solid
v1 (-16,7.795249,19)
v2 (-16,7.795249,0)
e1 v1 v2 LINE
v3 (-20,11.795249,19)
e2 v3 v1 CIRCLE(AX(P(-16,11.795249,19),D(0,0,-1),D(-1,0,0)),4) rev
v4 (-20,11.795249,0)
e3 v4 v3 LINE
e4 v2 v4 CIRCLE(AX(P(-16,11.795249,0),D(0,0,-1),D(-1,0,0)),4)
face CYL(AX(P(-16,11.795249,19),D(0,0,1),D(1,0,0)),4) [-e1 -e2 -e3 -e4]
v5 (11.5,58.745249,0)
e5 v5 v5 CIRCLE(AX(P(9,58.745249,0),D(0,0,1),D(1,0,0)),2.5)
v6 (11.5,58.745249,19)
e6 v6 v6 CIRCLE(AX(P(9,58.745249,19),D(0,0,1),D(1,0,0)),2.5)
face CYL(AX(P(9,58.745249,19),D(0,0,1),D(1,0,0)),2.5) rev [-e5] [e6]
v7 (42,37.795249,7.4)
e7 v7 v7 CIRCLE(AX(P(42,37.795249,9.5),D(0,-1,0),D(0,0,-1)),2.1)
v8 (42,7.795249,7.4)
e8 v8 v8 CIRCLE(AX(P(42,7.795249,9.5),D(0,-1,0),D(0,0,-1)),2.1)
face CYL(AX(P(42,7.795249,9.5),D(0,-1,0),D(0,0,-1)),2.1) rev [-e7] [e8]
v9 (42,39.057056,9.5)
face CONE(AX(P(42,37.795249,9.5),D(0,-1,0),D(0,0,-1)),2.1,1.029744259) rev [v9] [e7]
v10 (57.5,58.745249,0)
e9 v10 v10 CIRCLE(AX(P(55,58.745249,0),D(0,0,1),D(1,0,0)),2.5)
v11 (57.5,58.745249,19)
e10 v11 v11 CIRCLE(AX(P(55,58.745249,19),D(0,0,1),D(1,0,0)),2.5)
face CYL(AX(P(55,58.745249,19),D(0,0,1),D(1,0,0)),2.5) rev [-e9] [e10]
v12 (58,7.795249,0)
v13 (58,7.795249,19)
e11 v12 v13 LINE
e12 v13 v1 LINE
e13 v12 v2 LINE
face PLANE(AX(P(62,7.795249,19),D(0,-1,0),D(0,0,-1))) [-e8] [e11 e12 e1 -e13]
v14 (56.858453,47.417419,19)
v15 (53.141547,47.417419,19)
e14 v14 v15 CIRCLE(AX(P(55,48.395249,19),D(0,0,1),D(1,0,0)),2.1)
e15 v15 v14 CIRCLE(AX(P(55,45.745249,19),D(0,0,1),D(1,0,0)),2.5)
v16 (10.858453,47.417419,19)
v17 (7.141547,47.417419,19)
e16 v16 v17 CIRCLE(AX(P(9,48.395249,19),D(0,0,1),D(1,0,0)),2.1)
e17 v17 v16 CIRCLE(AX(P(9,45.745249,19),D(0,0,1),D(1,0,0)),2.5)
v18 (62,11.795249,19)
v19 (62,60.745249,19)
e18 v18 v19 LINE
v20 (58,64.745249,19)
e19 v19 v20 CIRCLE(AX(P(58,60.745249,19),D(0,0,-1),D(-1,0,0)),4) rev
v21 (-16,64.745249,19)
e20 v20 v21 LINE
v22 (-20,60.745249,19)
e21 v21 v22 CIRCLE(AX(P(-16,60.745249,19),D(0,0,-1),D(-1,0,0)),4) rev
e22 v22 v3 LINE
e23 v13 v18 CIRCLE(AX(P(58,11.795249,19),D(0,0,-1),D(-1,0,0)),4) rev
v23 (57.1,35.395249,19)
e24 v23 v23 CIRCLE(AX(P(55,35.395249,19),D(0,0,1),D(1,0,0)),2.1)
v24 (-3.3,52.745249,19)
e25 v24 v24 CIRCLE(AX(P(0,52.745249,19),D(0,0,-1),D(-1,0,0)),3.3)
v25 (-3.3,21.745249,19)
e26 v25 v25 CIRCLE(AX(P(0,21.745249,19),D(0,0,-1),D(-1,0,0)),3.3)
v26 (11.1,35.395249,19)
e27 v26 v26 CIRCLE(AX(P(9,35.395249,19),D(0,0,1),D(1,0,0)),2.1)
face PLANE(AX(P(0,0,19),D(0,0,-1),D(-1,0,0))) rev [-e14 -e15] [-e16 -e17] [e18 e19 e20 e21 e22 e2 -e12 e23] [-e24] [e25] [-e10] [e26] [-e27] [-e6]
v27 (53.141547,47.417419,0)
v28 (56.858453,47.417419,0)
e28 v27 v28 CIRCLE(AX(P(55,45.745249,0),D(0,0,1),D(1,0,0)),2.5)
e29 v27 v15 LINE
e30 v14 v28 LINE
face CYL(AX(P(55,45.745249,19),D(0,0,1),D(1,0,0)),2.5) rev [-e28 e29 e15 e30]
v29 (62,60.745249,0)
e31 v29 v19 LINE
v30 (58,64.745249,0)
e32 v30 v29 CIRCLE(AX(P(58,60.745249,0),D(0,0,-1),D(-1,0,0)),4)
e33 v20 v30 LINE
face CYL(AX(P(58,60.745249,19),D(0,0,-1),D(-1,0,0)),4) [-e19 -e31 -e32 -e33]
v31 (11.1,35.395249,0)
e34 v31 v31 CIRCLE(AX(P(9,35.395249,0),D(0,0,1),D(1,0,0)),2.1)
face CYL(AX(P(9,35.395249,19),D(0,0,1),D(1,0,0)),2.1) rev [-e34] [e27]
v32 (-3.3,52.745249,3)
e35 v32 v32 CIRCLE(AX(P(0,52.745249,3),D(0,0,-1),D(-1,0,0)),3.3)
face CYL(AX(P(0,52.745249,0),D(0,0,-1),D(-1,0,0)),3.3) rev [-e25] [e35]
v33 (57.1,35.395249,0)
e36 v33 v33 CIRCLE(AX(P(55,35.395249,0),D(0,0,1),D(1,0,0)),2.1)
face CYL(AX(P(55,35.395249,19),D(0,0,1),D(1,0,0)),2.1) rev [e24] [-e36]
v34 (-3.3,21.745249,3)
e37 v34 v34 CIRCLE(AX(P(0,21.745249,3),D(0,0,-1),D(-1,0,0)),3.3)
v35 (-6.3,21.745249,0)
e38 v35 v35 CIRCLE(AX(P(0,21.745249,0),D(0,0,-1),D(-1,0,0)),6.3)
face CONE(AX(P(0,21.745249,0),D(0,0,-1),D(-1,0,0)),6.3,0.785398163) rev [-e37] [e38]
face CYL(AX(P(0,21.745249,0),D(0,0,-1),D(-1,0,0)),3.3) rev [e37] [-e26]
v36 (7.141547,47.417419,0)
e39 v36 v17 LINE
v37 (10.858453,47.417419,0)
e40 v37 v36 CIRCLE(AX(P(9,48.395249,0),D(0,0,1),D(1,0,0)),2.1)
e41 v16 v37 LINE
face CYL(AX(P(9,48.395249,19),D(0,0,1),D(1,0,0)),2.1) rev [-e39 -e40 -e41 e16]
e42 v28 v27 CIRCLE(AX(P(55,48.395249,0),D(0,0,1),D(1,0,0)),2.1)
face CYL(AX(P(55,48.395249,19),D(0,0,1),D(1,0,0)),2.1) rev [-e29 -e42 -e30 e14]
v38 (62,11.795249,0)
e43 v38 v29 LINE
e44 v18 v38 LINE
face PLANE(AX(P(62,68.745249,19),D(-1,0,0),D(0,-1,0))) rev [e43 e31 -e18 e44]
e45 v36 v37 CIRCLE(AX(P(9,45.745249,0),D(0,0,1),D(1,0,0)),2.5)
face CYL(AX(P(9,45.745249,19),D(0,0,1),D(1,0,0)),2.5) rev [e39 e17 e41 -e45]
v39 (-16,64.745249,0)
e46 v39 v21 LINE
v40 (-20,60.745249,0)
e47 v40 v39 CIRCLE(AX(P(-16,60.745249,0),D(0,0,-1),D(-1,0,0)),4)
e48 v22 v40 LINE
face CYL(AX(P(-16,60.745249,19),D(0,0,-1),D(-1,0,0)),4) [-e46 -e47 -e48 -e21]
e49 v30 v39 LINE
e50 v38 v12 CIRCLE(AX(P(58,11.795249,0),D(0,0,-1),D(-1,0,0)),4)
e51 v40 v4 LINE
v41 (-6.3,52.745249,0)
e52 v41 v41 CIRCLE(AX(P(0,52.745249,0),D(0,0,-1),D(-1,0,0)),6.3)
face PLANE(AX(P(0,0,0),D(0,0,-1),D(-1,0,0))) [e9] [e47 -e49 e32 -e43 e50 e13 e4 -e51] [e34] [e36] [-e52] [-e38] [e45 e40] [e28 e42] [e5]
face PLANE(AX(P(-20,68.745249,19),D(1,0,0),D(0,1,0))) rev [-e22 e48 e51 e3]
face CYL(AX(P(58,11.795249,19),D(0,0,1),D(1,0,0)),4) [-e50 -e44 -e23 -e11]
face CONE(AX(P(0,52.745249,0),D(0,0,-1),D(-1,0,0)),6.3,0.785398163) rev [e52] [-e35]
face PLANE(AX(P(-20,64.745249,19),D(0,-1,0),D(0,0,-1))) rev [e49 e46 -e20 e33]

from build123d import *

# Parameters (mm, degrees)
SKETCH1_W                                           = 81.999999998
SKETCH1_H                                           = 60
BOSS_EXTRUDE1_DEPTH                                 = 19
TAP_DRILL_FOR_M6_TAP1_D                             = 5
CSK_FOR_M6_COUNTERSUNK_FLAT_HEAD_SCREW1_D           = 6.6
CSK_FOR_M6_COUNTERSUNK_FLAT_HEAD_SCREW1_CSINK_D     = 12.6
CSK_FOR_M6_COUNTERSUNK_FLAT_HEAD_SCREW1_CSINK_ANGLE = 90
SKETCH7_W                                           = 81.999999998
SKETCH7_H                                           = 4
CUT_EXTRUDE1_DEPTH                                  = 20
SKETCH10_W                                          = 81.999999998
SKETCH10_H                                          = 0.95
BOSS_EXTRUDE2_DEPTH                                 = 19
FILLET1_R                                           = 4
TAP_DRILL_FOR_M5_TAP1_D                             = 4.2
TAP_DRILL_FOR_M5_TAP1_DEPTH                         = 30
TAP_DRILL_FOR_M5_TAP1_TIP                           = 1.2618073
TAP_DRILL_FOR_M5_TAP2_D                             = 4.2


with BuildPart() as part:
    # Sketch1 → Boss-Extrude1 (new body)
    with BuildSketch(Plane.XY):
        with Locations((20.999999999, 38.745248777)):
            Rectangle(SKETCH1_W, SKETCH1_H)
    extrude(amount=BOSS_EXTRUDE1_DEPTH)

    # Tap Drill for M6 Tap1 (through all)
    with Locations(Plane.XY.offset(19)):
        with Locations((8.999999998, 58.745248777), (54.999999998, 58.745248777), (54.999999998, 45.745248777), (8.999999998, 45.745248777)):
            Hole(TAP_DRILL_FOR_M6_TAP1_D / 2)

    # CSK for M6 Countersunk Flat Head Screw1 (through all)
    with Locations(Plane(origin=(0, 0, 0), x_dir=(1, 0, 0), z_dir=(0, 0, -1))):
        with Locations((0, -21.745248777), (0, -52.745248777)):
            CounterSinkHole(CSK_FOR_M6_COUNTERSUNK_FLAT_HEAD_SCREW1_D / 2, CSK_FOR_M6_COUNTERSUNK_FLAT_HEAD_SCREW1_CSINK_D / 2, counter_sink_angle=CSK_FOR_M6_COUNTERSUNK_FLAT_HEAD_SCREW1_CSINK_ANGLE)

    # Sketch7 → Cut-Extrude1 (cut, through all)
    with BuildSketch(Plane(origin=(0, 0, 0), x_dir=(-1, 0, 0), z_dir=(0, 0, -1))):
        with Locations((-20.999999999, 66.745248777)):
            Rectangle(SKETCH7_W, SKETCH7_H)
    extrude(amount=-CUT_EXTRUDE1_DEPTH, mode=Mode.SUBTRACT)

    # Sketch10 → Boss-Extrude2 (add)
    with BuildSketch(Plane(origin=(0, 0, 0), x_dir=(-1, 0, 0), z_dir=(0, 0, -1))):
        with Locations((-20.999999999, 8.270248777)):
            Rectangle(SKETCH10_W, SKETCH10_H)
    extrude(amount=-BOSS_EXTRUDE2_DEPTH)

    # Fillet1
    fillet1_edges = [part.edges().sort_by_distance(p)[0] for p in [
        (-20, 64.745248777, 9.5),
        (61.999999998, 64.745248777, 9.5),
        (61.999999998, 7.795248777, 9.5),
        (-20, 7.795248777, 9.5),
    ]]
    fillet(fillet1_edges, radius=FILLET1_R)

    # Tap Drill for M5 Tap1
    with Locations(Plane(origin=(0, 7.795248777, 0), x_dir=(-1, 0, 0), z_dir=(0, -1, 0))):
        with Locations((-41.999999998, -9.499999998)):
            Hole(TAP_DRILL_FOR_M5_TAP1_D / 2, depth=TAP_DRILL_FOR_M5_TAP1_DEPTH)
            with Locations((0, 0, -(TAP_DRILL_FOR_M5_TAP1_DEPTH + TAP_DRILL_FOR_M5_TAP1_TIP / 2))):  # 118° drill point
                Cone(0, TAP_DRILL_FOR_M5_TAP1_D / 2, TAP_DRILL_FOR_M5_TAP1_TIP, mode=Mode.SUBTRACT)

    # Tap Drill for M5 Tap2 (through all)
    with Locations(Plane.XY.offset(19)):
        with Locations((54.999999998, 35.395248777), (54.999999998, 48.395248777), (8.999999998, 35.395248777), (8.999999998, 48.395248777)):
            Hole(TAP_DRILL_FOR_M5_TAP2_D / 2)


solid = part.part
